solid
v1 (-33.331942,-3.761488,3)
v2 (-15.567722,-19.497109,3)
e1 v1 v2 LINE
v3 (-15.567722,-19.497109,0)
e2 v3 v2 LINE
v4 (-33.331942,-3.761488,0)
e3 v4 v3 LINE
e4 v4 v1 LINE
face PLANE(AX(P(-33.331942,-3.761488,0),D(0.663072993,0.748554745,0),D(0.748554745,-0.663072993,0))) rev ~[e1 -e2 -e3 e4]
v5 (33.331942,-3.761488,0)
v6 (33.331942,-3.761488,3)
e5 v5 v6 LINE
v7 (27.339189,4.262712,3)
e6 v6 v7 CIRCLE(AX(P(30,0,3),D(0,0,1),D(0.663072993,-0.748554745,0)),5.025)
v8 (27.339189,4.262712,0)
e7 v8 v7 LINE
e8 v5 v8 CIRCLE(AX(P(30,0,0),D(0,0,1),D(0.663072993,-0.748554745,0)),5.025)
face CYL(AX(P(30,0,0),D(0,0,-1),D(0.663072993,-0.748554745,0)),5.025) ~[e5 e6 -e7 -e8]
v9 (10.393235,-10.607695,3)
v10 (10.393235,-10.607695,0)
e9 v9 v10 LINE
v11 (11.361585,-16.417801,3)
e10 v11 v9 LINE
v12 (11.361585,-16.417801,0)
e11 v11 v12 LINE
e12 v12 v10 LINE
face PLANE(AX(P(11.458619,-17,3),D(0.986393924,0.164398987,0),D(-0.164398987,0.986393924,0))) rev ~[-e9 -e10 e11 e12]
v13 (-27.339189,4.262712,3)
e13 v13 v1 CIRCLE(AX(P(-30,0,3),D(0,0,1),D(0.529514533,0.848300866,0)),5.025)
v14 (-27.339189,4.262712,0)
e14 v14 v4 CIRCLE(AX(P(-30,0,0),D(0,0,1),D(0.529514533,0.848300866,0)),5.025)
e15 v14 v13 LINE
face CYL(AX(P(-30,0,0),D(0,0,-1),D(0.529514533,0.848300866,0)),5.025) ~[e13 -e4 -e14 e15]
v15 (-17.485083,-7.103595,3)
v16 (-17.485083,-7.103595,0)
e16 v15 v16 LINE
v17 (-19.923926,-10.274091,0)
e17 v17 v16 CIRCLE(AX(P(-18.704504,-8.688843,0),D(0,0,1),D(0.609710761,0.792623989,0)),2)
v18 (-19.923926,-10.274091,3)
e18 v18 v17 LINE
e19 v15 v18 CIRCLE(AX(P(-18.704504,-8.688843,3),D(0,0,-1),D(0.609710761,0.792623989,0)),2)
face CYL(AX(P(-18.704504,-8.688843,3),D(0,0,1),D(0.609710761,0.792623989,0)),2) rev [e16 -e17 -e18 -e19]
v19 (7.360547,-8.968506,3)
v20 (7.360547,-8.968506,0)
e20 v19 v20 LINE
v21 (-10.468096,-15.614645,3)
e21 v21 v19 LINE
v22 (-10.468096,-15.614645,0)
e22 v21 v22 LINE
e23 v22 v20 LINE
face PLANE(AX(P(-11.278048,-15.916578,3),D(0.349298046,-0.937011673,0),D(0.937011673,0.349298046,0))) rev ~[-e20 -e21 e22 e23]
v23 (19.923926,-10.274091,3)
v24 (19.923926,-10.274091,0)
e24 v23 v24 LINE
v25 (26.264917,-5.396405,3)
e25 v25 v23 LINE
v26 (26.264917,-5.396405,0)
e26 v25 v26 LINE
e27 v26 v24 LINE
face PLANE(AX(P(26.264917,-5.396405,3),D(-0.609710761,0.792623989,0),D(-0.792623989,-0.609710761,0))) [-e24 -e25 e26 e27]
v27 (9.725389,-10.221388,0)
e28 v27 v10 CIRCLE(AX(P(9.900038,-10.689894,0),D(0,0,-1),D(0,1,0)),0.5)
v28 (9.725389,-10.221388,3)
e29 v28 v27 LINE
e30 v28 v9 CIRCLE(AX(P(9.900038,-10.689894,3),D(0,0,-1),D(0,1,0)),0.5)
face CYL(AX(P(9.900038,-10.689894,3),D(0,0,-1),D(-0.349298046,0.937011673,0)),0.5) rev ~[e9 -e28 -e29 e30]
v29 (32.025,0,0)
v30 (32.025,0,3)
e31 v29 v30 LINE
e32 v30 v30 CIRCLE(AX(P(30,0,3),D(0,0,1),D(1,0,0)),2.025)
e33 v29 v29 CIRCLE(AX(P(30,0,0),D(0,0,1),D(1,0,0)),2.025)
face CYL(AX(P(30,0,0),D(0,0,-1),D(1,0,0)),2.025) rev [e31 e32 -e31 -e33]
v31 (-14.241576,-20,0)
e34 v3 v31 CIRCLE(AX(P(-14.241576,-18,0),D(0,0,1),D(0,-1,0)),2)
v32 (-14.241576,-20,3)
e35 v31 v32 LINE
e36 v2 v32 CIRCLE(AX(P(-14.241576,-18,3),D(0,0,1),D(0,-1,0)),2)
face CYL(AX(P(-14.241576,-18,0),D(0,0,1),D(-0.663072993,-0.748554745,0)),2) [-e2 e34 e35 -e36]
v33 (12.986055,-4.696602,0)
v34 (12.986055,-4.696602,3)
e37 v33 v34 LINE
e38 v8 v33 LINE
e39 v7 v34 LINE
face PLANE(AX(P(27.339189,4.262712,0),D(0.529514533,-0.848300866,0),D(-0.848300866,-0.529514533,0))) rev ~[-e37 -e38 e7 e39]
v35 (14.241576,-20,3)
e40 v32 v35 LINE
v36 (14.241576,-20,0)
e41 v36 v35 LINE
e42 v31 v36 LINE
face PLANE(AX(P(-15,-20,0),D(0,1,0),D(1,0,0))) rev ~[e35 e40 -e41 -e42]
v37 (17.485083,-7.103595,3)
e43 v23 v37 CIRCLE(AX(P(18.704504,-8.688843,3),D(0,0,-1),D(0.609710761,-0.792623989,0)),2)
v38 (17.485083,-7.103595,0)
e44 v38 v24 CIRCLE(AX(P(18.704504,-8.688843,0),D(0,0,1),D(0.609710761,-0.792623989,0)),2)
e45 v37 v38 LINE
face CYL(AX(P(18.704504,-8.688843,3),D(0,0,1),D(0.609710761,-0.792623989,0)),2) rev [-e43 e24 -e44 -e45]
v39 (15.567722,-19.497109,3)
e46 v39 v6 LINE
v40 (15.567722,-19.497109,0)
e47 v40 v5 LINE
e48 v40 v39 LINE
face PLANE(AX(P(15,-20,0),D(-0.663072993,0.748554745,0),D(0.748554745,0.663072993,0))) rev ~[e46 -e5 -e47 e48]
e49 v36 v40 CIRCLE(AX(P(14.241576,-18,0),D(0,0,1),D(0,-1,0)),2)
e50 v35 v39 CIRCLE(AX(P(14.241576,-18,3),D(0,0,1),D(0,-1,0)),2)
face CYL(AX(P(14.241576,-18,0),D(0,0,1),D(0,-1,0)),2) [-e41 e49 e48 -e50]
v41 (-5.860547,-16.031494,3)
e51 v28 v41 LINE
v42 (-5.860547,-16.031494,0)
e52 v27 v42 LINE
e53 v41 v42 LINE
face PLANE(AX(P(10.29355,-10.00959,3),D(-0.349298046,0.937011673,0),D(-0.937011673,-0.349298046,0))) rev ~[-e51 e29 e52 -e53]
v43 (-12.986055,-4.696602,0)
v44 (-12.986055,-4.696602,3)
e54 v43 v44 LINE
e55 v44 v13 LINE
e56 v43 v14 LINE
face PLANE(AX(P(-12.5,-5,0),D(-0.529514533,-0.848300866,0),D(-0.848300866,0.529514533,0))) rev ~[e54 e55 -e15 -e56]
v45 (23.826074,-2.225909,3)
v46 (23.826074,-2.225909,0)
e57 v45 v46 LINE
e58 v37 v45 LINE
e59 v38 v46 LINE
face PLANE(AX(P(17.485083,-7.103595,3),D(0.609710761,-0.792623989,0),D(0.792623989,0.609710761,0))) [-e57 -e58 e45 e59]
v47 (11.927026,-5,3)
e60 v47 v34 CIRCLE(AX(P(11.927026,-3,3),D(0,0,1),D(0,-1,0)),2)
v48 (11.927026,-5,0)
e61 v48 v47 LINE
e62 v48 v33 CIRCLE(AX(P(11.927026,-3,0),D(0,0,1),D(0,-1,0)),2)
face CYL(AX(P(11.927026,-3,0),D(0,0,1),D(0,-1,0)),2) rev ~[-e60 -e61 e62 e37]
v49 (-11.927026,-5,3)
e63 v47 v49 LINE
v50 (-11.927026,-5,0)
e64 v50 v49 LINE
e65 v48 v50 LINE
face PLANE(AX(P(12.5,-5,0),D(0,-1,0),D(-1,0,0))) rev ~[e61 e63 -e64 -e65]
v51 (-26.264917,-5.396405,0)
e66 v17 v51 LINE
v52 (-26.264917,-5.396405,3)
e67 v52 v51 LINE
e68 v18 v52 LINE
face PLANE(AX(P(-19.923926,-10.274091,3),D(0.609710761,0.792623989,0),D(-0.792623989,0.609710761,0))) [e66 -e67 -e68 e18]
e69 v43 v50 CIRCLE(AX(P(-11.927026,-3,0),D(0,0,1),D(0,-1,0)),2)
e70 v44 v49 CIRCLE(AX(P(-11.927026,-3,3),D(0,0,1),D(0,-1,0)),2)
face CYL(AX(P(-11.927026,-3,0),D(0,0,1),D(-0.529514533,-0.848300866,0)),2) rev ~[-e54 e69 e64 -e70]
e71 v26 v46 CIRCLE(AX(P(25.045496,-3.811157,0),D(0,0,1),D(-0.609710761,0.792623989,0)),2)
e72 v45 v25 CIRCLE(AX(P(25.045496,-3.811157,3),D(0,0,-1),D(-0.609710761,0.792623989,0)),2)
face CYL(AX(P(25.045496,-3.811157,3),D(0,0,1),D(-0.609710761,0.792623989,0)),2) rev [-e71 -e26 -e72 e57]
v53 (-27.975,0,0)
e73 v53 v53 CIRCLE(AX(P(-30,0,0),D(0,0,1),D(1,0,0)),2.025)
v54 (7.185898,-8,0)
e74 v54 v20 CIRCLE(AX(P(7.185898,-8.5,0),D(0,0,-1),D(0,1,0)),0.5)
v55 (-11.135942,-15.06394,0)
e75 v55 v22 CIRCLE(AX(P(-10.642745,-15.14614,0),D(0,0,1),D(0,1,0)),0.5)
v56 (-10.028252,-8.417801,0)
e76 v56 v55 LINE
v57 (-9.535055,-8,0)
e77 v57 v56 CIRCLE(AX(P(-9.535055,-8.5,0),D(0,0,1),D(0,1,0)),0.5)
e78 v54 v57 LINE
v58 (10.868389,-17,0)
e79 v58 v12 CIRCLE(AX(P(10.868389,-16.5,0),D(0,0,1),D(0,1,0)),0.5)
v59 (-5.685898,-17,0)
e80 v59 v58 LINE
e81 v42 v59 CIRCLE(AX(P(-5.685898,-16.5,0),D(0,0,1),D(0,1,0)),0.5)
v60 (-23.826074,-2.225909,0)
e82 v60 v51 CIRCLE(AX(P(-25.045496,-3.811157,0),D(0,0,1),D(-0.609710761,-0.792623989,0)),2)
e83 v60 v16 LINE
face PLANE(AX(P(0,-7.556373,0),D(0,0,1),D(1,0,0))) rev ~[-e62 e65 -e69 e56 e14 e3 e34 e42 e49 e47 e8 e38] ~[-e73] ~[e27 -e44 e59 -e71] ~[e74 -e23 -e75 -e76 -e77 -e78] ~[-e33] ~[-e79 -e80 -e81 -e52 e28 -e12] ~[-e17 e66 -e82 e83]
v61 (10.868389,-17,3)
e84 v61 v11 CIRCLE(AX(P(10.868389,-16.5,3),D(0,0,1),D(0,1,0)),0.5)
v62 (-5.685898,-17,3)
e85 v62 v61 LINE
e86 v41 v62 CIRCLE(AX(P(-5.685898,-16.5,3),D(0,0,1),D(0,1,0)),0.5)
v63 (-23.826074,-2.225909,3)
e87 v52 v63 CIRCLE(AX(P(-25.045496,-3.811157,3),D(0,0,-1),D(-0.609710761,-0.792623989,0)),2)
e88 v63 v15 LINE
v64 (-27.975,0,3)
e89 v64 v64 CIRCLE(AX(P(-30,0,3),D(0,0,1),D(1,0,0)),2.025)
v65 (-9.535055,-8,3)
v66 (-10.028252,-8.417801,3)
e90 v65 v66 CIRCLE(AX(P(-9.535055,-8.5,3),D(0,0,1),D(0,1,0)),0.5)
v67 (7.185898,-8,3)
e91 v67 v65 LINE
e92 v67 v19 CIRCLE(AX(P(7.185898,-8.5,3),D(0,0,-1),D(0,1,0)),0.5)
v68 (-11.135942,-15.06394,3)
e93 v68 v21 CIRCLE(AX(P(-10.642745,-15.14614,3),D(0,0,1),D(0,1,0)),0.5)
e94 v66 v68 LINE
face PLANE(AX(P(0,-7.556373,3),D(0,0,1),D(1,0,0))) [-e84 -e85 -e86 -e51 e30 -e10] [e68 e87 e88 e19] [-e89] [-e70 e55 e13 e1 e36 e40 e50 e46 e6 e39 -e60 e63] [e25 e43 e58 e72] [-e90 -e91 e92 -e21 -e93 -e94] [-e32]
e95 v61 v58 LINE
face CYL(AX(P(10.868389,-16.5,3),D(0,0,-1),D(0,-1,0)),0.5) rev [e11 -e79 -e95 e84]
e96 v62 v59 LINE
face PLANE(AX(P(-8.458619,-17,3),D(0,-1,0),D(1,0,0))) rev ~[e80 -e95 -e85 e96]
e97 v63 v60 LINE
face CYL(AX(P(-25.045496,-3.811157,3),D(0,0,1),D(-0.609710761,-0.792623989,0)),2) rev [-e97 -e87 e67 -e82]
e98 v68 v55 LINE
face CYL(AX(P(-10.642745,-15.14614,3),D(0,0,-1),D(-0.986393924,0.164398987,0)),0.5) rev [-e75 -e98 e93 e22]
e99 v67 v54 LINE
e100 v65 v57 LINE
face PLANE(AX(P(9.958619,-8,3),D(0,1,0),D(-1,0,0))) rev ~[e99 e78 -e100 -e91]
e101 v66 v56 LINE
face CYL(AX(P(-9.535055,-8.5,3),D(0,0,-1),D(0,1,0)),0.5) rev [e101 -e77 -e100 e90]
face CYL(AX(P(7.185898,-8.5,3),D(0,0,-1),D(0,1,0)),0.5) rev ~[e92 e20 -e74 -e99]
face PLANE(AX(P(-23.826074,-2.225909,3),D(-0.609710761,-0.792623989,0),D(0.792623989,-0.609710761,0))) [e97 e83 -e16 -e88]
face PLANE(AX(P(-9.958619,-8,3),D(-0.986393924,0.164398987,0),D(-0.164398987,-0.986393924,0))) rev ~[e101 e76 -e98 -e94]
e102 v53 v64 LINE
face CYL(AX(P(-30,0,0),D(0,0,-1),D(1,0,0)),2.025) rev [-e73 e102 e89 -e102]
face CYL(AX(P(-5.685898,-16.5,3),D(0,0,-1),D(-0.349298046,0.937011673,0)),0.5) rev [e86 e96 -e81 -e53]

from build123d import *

# Parameters (mm, degrees)
SKETCH_1_R          = 2.025
EXTRUDE_1_DEPTH     = 3
CUT_EXTRUDE_1_DEPTH = 13
FILLET_1_R          = 0.5
FILLET_2_R          = 2


with BuildPart() as part:
    # 草图1 → 凸台-拉伸1 (new body)
    with BuildSketch(Plane.XY):
        with BuildLine():
            Line((-12.5, -5), (-27.339189471, 4.262711851))
            ThreePointArc((-27.339189471, 4.262711851), (-34.026108353, 3.006838294), (-33.33194179, -3.761487592))
            Line((-33.33194179, -3.761487592), (-15, -20))
            Line((-15, -20), (15, -20))
            Line((15, -20), (33.33194179, -3.761487592))
            ThreePointArc((33.33194179, -3.761487592), (34.026108353, 3.006838294), (27.339189471, 4.262711851))
            Line((27.339189471, 4.262711851), (12.5, -5))
            Line((12.5, -5), (-12.5, -5))
        make_face()
        with Locations((-30, 0)):
            Circle(SKETCH_1_R, mode=Mode.SUBTRACT)
        with Locations((30, 0)):
            Circle(SKETCH_1_R, mode=Mode.SUBTRACT)
    extrude(amount=EXTRUDE_1_DEPTH)

    # 草图2 → 切除-拉伸1 (cut)
    with BuildSketch(Plane.XY.offset(3)):
        Polygon((9.958618735, -8), (-9.958618735, -8), (-11.278048465, -15.916578379), align=None)
        Polygon((10.293550357, -10.009589734), (-8.458618735, -17), (11.458618735, -17), align=None)
        with BuildLine():
            Line((17.485082522, -7.103595065), (23.826074435, -2.225908978))
            ThreePointArc((23.826074435, -2.225908978), (26.630743935, -2.591735435), (26.264917478, -5.396404935))
            Line((26.264917478, -5.396404935), (19.923925565, -10.274091022))
            ThreePointArc((19.923925565, -10.274091022), (17.119256065, -9.908264565), (17.485082522, -7.103595065))
        make_face()
        with BuildLine():
            Line((-23.826074435, -2.225908978), (-17.485082522, -7.103595065))
            ThreePointArc((-17.485082522, -7.103595065), (-17.119256065, -9.908264565), (-19.923925565, -10.274091022))
            Line((-19.923925565, -10.274091022), (-26.264917478, -5.396404935))
            ThreePointArc((-26.264917478, -5.396404935), (-26.630743935, -2.591735435), (-23.826074435, -2.225908978))
        make_face()
    extrude(amount=-CUT_EXTRUDE_1_DEPTH, mode=Mode.SUBTRACT)

    # 圆角1
    fillet_1_edges = [part.edges().sort_by_distance(p)[0] for p in [
        (11.458618735, -17, 1.5),
        (-8.458618735, -17, 1.5),
        (10.293550357, -10.009589734, 1.5),
        (-11.278048465, -15.916578379, 1.5),
        (-9.958618735, -8, 1.5),
        (9.958618735, -8, 1.5),
    ]]
    fillet(fillet_1_edges, radius=FILLET_1_R)

    # 圆角2
    fillet_2_edges = [part.edges().sort_by_distance(p)[0] for p in [
        (-12.5, -5, 1.5),
        (12.5, -5, 1.5),
        (15, -20, 1.5),
        (-15, -20, 1.5),
    ]]
    fillet(fillet_2_edges, radius=FILLET_2_R)


solid = part.part
